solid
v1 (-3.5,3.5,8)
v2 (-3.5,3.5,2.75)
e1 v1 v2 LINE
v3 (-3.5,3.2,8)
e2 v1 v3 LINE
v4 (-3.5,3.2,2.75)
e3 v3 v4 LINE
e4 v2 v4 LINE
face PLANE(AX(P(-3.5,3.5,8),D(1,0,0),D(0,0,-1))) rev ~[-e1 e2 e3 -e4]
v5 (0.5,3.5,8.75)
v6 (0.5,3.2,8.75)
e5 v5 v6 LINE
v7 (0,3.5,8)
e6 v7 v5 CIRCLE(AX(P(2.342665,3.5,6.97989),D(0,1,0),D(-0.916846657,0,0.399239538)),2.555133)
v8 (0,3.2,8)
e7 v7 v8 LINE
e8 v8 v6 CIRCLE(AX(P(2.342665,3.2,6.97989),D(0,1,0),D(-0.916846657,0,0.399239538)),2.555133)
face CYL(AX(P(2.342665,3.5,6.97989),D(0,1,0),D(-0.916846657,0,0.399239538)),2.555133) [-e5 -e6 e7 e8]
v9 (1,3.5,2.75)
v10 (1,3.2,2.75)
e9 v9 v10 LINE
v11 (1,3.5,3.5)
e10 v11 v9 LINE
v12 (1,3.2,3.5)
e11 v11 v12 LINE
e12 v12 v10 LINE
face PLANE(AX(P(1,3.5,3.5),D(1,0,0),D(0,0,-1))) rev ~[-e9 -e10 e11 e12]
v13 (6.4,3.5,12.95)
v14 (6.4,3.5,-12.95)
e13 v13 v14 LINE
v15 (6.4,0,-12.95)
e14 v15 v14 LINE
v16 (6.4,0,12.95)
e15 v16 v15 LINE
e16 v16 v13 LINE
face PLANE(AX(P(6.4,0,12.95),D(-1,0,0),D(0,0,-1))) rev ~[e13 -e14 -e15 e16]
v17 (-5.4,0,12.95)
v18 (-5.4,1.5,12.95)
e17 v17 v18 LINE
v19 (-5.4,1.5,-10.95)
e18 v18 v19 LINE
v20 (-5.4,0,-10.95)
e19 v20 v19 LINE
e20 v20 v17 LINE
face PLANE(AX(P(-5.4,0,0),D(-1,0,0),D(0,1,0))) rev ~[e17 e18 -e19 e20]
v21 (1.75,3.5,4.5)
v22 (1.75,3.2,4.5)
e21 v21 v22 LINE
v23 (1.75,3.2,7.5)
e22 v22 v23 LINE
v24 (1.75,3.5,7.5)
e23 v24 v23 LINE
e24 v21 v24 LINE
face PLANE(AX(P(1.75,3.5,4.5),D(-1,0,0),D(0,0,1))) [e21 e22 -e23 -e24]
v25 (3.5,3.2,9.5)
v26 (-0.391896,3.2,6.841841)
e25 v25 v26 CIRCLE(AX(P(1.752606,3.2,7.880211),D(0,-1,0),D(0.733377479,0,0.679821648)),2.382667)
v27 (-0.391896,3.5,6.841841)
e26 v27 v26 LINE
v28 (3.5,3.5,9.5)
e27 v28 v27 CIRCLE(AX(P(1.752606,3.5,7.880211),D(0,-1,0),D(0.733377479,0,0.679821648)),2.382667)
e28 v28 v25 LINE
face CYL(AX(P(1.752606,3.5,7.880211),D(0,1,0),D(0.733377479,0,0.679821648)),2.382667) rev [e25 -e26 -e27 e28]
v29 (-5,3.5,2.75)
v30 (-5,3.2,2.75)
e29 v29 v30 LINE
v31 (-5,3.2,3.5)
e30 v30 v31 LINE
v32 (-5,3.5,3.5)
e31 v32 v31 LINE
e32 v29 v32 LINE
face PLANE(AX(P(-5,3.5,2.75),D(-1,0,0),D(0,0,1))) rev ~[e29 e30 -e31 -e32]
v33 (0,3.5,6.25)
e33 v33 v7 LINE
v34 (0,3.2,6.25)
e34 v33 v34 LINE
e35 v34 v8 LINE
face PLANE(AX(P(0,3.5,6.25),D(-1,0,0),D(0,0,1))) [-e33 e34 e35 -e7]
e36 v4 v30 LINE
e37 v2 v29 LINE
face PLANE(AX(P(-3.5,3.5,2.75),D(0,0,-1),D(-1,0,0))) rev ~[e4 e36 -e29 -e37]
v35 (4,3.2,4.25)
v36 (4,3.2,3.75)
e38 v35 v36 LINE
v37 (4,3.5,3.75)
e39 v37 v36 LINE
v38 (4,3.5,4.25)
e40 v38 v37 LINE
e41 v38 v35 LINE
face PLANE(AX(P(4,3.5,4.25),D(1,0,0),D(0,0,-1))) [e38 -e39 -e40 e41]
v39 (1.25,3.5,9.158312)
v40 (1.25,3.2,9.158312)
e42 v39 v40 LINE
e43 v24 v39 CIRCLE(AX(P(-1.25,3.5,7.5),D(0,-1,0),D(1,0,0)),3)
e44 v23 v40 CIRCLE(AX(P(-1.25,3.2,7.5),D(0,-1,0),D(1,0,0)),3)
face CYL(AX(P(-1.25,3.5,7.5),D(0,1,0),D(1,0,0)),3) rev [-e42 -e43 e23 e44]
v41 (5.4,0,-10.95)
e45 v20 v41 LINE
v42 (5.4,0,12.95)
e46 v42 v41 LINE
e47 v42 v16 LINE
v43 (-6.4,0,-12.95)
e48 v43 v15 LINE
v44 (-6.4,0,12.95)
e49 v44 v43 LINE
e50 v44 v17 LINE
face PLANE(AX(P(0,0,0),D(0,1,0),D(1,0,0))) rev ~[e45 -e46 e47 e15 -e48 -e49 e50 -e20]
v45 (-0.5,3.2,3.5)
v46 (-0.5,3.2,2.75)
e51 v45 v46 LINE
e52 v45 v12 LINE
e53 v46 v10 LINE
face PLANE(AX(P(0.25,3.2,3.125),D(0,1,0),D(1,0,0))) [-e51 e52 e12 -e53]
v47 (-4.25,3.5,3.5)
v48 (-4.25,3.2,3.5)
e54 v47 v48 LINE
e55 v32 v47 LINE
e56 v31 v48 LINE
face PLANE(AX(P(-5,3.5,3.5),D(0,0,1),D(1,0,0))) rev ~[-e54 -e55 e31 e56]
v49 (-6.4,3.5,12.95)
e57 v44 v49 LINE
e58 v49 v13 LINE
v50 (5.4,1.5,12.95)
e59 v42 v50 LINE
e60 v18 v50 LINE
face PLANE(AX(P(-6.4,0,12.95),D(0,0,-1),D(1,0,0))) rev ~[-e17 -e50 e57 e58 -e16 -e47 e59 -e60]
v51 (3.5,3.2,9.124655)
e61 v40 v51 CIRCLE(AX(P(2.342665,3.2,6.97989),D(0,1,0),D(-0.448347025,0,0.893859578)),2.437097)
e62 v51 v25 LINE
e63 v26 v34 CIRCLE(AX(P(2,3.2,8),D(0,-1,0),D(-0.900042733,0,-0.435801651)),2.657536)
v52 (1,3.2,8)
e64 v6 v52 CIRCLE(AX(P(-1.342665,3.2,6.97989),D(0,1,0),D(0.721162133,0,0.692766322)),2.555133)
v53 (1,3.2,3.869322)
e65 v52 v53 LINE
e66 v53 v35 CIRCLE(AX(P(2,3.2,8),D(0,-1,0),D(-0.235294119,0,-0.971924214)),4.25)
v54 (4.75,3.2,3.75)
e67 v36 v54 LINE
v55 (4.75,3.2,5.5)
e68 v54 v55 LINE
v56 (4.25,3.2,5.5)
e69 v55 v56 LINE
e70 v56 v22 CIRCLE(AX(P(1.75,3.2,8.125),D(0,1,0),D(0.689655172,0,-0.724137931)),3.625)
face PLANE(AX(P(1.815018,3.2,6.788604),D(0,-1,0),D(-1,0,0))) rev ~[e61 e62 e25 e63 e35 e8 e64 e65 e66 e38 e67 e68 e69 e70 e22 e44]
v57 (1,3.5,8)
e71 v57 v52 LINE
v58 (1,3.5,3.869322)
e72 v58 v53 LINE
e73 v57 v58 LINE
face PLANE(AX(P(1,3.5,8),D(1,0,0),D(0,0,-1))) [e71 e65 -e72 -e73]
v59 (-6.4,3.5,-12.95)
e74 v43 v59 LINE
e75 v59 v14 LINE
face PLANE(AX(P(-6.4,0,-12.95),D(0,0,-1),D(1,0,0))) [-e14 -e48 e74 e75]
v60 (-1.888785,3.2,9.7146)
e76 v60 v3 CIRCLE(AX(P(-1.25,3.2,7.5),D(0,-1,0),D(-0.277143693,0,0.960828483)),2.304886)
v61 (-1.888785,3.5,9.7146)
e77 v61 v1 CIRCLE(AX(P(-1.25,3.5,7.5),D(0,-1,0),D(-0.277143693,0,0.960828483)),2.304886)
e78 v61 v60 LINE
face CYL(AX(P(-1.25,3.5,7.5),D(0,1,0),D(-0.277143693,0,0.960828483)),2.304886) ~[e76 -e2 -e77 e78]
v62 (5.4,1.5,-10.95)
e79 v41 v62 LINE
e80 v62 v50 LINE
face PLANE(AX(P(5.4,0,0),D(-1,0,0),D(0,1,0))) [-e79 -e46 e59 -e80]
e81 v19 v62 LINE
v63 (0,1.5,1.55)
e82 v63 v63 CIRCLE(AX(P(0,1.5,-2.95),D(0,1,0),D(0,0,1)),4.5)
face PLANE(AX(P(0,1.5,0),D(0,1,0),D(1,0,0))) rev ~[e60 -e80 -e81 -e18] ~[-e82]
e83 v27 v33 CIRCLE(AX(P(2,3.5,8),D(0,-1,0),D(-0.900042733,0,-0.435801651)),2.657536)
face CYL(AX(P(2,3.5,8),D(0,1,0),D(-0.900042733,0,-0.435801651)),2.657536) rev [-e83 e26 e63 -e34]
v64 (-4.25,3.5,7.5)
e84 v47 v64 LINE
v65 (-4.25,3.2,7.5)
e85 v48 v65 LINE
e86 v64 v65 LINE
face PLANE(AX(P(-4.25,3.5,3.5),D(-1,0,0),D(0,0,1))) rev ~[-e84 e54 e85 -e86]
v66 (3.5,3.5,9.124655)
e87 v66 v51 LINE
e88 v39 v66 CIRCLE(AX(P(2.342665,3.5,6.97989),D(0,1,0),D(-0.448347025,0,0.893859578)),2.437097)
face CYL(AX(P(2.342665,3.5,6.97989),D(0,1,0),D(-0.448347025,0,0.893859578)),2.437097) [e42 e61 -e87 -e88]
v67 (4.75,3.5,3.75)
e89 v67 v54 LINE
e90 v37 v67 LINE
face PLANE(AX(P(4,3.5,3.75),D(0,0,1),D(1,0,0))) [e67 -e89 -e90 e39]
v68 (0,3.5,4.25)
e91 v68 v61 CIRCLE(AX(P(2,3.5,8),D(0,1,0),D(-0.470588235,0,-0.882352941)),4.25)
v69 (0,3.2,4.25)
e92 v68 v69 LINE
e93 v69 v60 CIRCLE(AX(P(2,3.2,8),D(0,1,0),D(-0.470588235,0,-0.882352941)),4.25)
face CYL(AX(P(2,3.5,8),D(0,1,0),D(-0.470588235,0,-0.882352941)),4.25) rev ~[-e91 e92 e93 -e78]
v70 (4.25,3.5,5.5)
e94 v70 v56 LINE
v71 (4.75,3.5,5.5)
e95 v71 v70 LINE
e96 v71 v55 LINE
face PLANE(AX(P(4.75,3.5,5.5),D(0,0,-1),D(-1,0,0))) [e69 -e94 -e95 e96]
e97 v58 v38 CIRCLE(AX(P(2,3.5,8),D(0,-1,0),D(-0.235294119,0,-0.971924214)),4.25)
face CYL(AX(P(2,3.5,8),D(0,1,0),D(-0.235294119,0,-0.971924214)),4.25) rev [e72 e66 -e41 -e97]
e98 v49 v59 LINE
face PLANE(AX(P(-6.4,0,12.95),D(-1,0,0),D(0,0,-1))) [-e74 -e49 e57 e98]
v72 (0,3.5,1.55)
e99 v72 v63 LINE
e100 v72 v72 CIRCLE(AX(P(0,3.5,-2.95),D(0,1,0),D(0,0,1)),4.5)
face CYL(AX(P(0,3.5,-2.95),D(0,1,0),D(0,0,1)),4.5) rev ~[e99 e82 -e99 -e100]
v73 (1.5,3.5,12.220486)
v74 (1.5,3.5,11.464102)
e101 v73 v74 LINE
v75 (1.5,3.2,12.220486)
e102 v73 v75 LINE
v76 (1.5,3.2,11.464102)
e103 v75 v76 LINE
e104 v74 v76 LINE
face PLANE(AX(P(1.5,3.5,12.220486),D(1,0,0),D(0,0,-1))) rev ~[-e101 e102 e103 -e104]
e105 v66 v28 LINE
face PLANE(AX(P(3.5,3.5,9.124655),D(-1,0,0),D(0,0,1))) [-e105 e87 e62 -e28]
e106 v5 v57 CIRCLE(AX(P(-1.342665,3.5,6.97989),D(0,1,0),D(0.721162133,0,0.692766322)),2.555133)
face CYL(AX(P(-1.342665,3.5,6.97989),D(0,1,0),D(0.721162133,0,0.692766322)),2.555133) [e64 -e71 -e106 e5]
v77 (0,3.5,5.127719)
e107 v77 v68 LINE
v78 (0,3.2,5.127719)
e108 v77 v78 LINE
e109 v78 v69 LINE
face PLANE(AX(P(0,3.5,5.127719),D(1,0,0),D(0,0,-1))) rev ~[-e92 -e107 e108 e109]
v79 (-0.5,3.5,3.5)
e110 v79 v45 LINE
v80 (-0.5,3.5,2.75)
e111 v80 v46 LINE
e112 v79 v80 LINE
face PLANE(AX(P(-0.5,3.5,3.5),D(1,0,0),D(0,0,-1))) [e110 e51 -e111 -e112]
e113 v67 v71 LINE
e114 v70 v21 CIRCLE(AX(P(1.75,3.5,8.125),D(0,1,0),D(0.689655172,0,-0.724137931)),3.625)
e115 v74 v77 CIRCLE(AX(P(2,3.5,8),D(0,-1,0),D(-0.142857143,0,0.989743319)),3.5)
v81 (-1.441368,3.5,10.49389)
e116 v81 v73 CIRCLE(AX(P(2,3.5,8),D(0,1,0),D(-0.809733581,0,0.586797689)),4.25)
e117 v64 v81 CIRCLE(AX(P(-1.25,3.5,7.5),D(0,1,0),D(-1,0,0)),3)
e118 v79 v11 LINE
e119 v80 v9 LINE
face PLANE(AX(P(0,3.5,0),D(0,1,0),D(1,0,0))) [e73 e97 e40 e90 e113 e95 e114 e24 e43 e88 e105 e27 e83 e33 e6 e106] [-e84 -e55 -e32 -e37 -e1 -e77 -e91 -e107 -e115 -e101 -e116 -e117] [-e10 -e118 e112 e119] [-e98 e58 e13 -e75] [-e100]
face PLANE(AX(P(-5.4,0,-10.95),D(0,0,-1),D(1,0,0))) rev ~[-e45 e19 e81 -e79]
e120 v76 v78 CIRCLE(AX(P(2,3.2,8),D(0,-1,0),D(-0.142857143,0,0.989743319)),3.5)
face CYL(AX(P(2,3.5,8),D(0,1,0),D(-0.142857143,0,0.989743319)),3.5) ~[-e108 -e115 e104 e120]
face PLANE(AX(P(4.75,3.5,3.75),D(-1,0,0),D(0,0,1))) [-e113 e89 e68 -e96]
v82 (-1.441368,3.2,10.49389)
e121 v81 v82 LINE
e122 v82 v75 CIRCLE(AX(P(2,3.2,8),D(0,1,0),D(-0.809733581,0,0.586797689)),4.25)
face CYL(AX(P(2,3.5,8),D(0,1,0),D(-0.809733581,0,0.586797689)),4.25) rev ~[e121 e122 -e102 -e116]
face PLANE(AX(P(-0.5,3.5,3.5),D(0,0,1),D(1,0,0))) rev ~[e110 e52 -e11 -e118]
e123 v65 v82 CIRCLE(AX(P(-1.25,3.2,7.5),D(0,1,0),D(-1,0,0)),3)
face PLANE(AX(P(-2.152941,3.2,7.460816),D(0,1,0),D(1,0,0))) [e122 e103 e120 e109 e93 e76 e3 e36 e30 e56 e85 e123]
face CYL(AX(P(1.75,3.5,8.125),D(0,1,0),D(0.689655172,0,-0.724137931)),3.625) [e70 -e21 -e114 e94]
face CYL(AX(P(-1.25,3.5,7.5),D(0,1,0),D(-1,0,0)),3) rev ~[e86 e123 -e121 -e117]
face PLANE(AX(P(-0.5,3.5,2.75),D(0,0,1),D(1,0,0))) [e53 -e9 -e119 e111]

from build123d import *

# Parameters (mm, degrees)
SKETCH1_W           = 12.8
SKETCH1_H           = 25.9
SKETCH1_W_2         = 10.8
SKETCH1_H_2         = 21.9
BOSS_EXTRUDE1_DEPTH = 3.5
SKETCH3_W           = 10.8
SKETCH3_H           = 1.5
CUT_EXTRUDE1_DEPTH  = 15.863125512
SKETCH4_W           = 10.8
SKETCH4_H           = 21.9
SKETCH4_R           = 4.5
BOSS_EXTRUDE2_DEPTH = 2
SKETCH5_W           = 1.5
SKETCH5_H           = 0.75
CUT_EXTRUDE2_DEPTH  = 0.3


with BuildPart() as part:
    # Sketch1 → Boss-Extrude1 (new body)
    with BuildSketch(Plane(origin=(0, 0, 0), x_dir=(1, 0, 0), z_dir=(0, 1, 0))):
        Rectangle(SKETCH1_W, SKETCH1_H)
        Rectangle(SKETCH1_W_2, SKETCH1_H_2, mode=Mode.SUBTRACT)
    extrude(amount=BOSS_EXTRUDE1_DEPTH)

    # Sketch3 → Cut-Extrude1 (cut, through all)
    with BuildSketch(Plane.XY):
        with Locations((0, 0.75)):
            Rectangle(SKETCH3_W, SKETCH3_H)
    extrude(amount=CUT_EXTRUDE1_DEPTH, mode=Mode.SUBTRACT)

    # Sketch4 → Boss-Extrude2 (add)
    with BuildSketch(Plane(origin=(0, 3.5, 0), x_dir=(1, 0, 0), z_dir=(0, 1, 0))):
        Rectangle(SKETCH4_W, SKETCH4_H)
        with Locations(Location((0, 2.95, 0), (0, 0, 270))):
            Circle(SKETCH4_R, mode=Mode.SUBTRACT)
    extrude(amount=-BOSS_EXTRUDE2_DEPTH)

    # Sketch5 → Cut-Extrude2 (cut)
    with BuildSketch(Plane(origin=(0, 3.5, 0), x_dir=(1, 0, 0), z_dir=(0, 1, 0))):
        with BuildLine():
            Line((0, -6.25), (0, -8))
            ThreePointArc((0, -8), (0.216665991, -8.397222673), (0.5, -8.75))
            ThreePointArc((0.5, -8.75), (0.783334009, -8.397222673), (1, -8))
            Line((1, -8), (1, -3.86932209))
            ThreePointArc((1, -3.86932209), (2.535003662, -3.783808462), (4, -4.25))
            Line((4, -4.25), (4, -3.75))
            Line((4, -3.75), (4.75, -3.75))
            Line((4.75, -3.75), (4.75, -5.5))
            Line((4.75, -5.5), (4.25, -5.5))
            ThreePointArc((4.25, -5.5), (3.096291202, -4.759271996), (1.75, -4.5))
            Line((1.75, -4.5), (1.75, -7.5))
            ThreePointArc((1.75, -7.5), (1.622281323, -8.366025404), (1.25, -9.158312395))
            ThreePointArc((1.25, -9.158312395), (2.379117111, -9.416714281), (3.5, -9.124655157))
            Line((3.5, -9.124655157), (3.5, -9.5))
            ThreePointArc((3.5, -9.5), (0.408776976, -9.847754603), (-0.391896371, -6.841841224))
            ThreePointArc((-0.391896371, -6.841841224), (-0.215797248, -6.532777264), (0, -6.25))
        make_face()
        with BuildLine():
            Line((-4.25, -3.5), (-4.25, -7.5))
            ThreePointArc((-4.25, -7.5), (-3.437933175, -9.552546813), (-1.44136772, -10.493890178))
            ThreePointArc((-1.44136772, -10.493890178), (-0.151482732, -11.665190589), (1.5, -12.220485754))
            Line((1.5, -12.220485754), (1.5, -11.464101615))
            ThreePointArc((1.5, -11.464101615), (-1.405868052, -8.80626473), (0, -5.127718677))
            Line((0, -5.127718677), (0, -4.25))
            ThreePointArc((0, -4.25), (-2.016828361, -6.611623278), (-1.88878465, -9.714600228))
            ThreePointArc((-1.88878465, -9.714600228), (-2.929652546, -9.0783749), (-3.5, -8))
            Line((-3.5, -8), (-3.5, -2.75))
            Line((-3.5, -2.75), (-5, -2.75))
            Line((-5, -2.75), (-5, -3.5))
            Line((-5, -3.5), (-4.25, -3.5))
        make_face()
        with Locations((0.25, -3.125)):
            Rectangle(SKETCH5_W, SKETCH5_H)
    extrude(amount=-CUT_EXTRUDE2_DEPTH, mode=Mode.SUBTRACT)


solid = part.part
